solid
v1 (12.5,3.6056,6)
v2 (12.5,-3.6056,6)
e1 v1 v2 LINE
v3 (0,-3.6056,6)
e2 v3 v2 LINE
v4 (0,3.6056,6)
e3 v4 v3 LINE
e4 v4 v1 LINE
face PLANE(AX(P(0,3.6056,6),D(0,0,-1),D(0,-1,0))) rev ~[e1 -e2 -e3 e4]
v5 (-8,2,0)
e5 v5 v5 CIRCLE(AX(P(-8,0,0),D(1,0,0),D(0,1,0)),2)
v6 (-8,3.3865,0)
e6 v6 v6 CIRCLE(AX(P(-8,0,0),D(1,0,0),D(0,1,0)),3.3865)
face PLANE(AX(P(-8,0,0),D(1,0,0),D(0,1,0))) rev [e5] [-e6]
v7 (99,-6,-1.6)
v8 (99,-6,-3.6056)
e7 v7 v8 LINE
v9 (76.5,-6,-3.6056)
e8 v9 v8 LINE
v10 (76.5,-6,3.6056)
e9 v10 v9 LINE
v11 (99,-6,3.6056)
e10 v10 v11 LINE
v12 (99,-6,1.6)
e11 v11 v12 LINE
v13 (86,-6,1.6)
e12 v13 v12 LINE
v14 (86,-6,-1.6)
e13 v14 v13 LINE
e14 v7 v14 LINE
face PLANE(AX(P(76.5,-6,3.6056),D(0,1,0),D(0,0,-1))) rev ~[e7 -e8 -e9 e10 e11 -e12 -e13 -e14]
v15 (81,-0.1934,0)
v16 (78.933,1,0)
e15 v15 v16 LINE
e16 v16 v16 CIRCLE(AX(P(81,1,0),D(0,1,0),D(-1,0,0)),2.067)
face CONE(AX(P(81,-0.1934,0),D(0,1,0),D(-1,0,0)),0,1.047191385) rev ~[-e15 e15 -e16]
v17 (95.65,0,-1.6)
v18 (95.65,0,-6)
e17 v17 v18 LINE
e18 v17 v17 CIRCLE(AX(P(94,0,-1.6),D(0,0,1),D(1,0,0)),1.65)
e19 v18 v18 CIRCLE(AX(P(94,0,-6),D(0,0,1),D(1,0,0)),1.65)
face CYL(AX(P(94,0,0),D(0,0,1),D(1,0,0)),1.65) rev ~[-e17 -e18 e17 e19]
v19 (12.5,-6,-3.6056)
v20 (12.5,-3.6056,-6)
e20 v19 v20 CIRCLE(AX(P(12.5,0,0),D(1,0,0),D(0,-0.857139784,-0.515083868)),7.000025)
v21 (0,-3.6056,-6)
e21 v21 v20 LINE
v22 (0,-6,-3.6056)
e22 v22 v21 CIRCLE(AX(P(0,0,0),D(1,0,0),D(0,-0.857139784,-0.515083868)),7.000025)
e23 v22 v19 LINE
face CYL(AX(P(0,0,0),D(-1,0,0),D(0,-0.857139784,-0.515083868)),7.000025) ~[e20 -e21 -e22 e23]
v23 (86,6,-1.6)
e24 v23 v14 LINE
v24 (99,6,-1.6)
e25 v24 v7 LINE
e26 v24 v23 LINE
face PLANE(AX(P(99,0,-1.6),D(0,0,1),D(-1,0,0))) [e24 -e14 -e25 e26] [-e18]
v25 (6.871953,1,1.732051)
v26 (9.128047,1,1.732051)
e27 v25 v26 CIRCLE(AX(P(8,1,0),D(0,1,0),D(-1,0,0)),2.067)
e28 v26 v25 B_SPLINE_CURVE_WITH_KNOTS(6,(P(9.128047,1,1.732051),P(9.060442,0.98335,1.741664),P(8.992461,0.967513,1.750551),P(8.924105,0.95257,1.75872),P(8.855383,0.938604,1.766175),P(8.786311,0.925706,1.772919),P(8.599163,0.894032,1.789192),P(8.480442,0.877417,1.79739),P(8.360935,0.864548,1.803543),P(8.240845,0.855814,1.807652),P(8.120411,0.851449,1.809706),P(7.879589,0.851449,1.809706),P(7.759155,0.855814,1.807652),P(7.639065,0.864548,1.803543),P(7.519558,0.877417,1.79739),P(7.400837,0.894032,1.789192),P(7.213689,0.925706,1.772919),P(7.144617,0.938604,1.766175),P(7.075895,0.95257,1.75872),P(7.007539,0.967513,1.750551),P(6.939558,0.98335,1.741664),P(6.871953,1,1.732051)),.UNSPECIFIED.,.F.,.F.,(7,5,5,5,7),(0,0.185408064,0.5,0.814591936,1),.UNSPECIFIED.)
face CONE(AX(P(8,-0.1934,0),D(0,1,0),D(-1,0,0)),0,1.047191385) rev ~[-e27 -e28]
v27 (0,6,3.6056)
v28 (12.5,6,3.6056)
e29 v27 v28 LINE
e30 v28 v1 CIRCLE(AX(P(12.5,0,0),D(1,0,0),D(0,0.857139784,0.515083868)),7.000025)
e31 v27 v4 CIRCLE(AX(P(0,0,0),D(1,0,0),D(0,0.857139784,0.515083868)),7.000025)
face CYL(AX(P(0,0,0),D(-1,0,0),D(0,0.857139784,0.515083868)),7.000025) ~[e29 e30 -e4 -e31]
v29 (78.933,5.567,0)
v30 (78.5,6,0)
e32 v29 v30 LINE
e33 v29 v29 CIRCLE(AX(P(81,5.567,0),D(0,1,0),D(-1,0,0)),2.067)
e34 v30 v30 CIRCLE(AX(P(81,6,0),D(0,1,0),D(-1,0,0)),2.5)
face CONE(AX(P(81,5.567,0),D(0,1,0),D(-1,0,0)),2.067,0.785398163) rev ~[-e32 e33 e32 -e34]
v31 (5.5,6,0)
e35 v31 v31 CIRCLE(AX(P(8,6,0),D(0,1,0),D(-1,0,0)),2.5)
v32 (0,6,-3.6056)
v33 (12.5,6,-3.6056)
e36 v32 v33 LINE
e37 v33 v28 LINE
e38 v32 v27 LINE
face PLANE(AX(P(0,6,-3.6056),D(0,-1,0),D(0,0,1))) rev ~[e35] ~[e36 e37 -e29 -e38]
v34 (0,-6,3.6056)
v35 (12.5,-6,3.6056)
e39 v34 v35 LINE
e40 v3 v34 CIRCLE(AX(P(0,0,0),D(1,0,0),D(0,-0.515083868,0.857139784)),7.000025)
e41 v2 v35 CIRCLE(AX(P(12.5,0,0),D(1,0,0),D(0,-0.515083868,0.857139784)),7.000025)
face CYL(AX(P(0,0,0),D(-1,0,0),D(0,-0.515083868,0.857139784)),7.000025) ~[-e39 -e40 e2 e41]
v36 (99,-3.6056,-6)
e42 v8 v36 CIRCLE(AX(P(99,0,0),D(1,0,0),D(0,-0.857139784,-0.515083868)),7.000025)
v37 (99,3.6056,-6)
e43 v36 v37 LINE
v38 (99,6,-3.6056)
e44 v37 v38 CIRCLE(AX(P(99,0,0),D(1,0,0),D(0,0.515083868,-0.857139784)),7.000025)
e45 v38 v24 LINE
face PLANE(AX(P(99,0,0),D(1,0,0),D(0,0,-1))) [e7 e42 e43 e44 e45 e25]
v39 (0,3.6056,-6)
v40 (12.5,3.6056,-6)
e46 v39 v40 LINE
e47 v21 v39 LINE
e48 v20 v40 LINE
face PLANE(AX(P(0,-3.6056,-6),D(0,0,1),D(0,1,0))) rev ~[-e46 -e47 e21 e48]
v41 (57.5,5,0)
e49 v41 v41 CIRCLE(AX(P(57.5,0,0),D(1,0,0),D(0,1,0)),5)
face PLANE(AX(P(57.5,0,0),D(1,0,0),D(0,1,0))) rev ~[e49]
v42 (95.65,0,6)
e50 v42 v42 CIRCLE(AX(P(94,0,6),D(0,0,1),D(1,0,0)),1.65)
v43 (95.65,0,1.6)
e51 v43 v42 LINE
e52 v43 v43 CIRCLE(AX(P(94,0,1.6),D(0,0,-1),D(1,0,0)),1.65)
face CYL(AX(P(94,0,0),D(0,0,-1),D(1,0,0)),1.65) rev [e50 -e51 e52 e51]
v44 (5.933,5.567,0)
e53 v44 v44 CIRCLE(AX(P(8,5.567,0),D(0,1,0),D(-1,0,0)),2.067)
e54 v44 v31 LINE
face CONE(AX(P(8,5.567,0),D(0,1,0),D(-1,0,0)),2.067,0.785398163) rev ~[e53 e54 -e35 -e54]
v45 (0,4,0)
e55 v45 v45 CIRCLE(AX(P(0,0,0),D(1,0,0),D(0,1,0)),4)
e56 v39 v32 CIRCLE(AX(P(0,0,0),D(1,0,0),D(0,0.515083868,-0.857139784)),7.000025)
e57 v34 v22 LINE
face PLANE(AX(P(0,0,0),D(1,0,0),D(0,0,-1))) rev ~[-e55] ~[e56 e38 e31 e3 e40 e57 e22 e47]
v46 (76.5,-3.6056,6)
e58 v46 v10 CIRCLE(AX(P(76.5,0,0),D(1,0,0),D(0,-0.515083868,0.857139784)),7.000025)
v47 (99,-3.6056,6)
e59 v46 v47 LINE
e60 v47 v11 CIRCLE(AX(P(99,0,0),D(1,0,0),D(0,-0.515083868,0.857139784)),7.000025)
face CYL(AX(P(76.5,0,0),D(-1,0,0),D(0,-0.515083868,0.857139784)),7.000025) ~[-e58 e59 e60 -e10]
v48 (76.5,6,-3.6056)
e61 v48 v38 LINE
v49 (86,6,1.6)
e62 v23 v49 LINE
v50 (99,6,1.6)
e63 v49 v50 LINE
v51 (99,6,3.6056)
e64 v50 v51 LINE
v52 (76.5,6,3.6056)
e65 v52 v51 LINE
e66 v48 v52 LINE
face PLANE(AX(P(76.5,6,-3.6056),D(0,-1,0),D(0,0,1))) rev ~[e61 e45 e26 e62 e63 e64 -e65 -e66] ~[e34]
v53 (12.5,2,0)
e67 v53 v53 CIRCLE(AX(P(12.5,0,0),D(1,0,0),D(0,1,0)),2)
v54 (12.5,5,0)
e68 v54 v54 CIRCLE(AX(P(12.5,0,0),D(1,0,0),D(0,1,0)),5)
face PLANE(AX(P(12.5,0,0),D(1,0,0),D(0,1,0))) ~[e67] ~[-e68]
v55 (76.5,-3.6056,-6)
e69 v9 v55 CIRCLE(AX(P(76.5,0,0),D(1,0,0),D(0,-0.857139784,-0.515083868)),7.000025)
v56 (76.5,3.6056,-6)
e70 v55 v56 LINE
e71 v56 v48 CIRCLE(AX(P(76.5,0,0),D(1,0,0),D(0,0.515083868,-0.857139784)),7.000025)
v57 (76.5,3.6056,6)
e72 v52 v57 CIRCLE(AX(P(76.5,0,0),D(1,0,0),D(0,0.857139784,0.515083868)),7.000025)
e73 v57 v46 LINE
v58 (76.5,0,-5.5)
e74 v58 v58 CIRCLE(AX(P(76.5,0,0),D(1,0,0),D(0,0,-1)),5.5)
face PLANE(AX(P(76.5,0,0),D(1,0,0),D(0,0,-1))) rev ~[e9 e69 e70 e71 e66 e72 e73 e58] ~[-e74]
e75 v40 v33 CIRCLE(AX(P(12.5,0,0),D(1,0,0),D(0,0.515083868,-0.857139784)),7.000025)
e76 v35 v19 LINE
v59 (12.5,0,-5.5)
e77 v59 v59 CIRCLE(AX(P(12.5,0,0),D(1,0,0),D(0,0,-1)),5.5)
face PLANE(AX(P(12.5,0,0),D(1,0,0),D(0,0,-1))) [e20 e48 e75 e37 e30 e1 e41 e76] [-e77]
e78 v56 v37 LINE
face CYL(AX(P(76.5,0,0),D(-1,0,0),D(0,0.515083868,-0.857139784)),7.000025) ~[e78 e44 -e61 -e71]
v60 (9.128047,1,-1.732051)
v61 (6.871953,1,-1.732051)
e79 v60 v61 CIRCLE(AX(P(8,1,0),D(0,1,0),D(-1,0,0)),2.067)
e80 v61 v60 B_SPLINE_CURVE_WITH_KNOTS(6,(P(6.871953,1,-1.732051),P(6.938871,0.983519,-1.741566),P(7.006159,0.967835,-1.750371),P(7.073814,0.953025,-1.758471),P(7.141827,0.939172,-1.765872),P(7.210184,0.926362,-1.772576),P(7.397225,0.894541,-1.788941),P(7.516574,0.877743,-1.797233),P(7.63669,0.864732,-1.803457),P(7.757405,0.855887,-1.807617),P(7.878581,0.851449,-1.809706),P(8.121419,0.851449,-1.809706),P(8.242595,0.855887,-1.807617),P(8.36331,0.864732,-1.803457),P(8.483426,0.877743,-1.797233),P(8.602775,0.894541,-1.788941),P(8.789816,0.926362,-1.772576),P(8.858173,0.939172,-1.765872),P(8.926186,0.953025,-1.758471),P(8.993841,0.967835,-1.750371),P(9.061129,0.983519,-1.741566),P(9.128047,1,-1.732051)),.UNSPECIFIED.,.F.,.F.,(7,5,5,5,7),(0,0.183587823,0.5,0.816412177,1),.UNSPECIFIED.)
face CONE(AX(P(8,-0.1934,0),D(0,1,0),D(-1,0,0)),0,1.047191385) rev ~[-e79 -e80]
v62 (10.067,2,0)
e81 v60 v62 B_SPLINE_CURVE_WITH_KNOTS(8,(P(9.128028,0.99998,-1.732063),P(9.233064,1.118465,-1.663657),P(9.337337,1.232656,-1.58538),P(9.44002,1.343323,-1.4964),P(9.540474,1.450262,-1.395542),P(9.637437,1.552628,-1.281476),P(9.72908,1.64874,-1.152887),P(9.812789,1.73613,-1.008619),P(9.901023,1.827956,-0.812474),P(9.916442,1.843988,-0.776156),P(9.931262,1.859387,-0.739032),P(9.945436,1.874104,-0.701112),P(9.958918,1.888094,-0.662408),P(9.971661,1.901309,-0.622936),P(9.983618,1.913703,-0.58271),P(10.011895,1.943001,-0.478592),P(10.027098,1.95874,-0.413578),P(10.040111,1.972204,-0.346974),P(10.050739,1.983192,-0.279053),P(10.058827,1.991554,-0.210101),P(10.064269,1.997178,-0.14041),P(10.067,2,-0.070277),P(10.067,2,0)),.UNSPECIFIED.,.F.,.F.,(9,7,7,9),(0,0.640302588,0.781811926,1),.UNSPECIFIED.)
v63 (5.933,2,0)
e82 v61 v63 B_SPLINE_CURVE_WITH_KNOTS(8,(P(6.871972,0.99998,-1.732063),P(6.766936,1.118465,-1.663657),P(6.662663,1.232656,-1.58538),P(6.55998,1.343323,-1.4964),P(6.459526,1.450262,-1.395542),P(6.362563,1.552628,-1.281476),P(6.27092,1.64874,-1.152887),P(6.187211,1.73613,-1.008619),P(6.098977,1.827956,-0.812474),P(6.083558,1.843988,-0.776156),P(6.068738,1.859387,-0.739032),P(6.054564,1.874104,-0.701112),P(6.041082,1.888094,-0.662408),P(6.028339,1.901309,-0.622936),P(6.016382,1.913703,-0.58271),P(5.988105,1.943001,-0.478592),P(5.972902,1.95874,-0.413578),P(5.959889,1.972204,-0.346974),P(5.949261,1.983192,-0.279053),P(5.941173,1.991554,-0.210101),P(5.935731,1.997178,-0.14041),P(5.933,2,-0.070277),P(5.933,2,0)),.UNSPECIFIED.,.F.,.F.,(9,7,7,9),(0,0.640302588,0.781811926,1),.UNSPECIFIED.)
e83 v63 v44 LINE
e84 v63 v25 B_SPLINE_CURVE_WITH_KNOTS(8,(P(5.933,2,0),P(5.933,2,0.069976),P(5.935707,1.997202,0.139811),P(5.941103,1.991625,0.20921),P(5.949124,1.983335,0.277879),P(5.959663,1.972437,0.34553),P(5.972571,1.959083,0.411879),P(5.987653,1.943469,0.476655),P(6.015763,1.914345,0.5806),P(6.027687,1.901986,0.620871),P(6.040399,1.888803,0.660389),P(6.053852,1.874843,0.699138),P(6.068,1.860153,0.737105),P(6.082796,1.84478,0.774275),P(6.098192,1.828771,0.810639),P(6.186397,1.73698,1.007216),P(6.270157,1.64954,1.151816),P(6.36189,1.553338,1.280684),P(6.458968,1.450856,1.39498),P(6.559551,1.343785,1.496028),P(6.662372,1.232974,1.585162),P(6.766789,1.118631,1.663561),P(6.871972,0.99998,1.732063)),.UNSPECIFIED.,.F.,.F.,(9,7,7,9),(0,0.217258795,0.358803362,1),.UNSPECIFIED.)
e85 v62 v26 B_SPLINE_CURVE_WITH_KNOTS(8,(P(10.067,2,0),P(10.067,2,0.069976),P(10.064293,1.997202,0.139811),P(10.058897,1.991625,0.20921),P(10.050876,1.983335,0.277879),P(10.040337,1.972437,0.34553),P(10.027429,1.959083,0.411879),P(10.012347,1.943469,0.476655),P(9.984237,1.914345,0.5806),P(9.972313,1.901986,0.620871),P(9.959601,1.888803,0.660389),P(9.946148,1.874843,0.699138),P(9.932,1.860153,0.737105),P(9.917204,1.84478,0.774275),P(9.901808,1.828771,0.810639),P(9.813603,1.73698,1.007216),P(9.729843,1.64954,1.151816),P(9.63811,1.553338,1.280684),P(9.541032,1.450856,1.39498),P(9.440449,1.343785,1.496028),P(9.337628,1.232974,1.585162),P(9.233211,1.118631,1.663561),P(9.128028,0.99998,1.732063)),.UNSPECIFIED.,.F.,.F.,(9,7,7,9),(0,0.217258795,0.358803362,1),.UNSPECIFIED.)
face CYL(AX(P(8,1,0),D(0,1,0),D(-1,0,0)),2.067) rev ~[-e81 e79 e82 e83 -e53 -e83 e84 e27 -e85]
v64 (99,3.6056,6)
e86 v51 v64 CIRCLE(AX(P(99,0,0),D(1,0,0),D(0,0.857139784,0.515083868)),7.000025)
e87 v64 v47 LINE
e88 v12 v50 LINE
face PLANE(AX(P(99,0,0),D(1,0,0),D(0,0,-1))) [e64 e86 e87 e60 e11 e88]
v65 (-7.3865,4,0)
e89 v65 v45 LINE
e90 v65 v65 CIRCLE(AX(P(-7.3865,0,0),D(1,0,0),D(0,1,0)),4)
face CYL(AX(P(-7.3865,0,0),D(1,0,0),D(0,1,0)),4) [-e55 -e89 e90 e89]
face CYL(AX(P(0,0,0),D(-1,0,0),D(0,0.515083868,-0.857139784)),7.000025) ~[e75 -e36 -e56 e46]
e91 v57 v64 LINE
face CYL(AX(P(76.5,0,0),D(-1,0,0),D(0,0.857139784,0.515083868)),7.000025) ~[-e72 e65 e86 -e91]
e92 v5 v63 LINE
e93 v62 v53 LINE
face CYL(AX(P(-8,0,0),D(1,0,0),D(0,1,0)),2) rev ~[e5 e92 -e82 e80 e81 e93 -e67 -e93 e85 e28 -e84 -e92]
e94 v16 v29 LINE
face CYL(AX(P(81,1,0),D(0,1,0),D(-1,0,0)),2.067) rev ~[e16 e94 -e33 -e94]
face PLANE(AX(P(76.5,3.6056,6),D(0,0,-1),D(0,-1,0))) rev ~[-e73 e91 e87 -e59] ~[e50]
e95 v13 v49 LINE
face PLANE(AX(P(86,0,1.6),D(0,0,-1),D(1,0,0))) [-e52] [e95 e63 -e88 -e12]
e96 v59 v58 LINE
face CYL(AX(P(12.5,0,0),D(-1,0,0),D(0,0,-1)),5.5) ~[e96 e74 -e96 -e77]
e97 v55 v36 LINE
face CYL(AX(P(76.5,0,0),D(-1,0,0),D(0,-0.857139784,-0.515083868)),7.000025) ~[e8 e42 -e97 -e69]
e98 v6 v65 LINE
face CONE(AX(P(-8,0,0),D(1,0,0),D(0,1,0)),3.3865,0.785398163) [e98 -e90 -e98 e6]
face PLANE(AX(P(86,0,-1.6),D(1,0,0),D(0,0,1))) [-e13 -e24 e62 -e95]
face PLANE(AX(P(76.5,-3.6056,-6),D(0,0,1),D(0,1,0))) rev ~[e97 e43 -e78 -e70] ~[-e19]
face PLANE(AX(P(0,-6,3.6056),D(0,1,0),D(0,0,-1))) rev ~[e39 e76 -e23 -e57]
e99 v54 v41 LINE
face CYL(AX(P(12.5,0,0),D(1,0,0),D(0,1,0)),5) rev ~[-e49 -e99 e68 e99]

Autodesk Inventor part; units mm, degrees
sketch "Sketch_8" plane through (0, 0, 0) normal (0, 0, 1) x (1, 0, 0)
  line L0 (0, 0) -> (-8, 0)
  line L1 (-8, 0) -> (-8, 3.3865)
  line L2 (-8, 3.3865) -> (-7.3865, 4)
  line L3 (-7.3865, 4) -> (0, 4)
  line L4 (0, 4) -> (0, 0)
  line L5 (0, 0) -> (-8, 0)
revolve "Revolution1" add sketch "Sketch_8" angle 360 about axis through (0, 0, 0) along (1, 0, 0)
thread "Thread1" size "M8x1" class "6g" standard "ISO Metric profile" length 5.8865
sketch "Sketch_9" plane through (0, 0, 0) normal (1, 0, 0) x (0, 0, -1)
  line L0 (-6, 3.6056) -> (-6, -3.6056)
  arc A0 (-6, -3.6056) -> (-3.6056, -6) centre (0, 0) ccw
  line L1 (-3.6056, -6) -> (3.6056, -6)
  arc A1 (3.6056, -6) -> (6, -3.6056) centre (0, 0) ccw
  line L2 (6, -3.6056) -> (6, 3.6056)
  arc A2 (6, 3.6056) -> (3.6056, 6) centre (0, 0) ccw
  line L3 (3.6056, 6) -> (-3.6056, 6)
  arc A3 (-3.6056, 6) -> (-6, 3.6056) centre (0, 0) ccw
extrude "Extrusion1" add sketch "Sketch_9" along normal blind 12.5
sketch "Sketch_6" plane through (12.5, 0, 0) normal (1, 0, 0) x (0, 0, -1)
  circle A0 centre (0, 0) radius 5.5
extrude "Extrusion2" add sketch "Sketch_6" along normal blind 64
sketch "Sketch_10" plane through (76.5, 0, 0) normal (1, 0, 0) x (0, 0, -1)
  line L0 (-6, 3.6056) -> (-6, -3.6056)
  arc A0 (-6, -3.6056) -> (-3.6056, -6) centre (0, 0) ccw
  line L1 (-3.6056, -6) -> (3.6056, -6)
  arc A1 (3.6056, -6) -> (6, -3.6056) centre (0, 0) ccw
  line L2 (6, -3.6056) -> (6, 3.6056)
  arc A2 (6, 3.6056) -> (3.6056, 6) centre (0, 0) ccw
  line L3 (3.6056, 6) -> (-3.6056, 6)
  arc A3 (-3.6056, 6) -> (-6, 3.6056) centre (0, 0) ccw
extrude "Extrusion3" add sketch "Sketch_10" along normal blind 22.5
sketch "Sketch7" plane through (0, 0, 0) normal (0, 0, 1) x (1, 0, 0)
  line L0 (8, 6) -> (8, 1)
  line L1 (8, -0.1934) -> (5.933, 1)
  line L2 (5.933, 1) -> (5.933, 5.567)
  line L3 (5.933, 5.567) -> (5.5, 6)
  line L4 (5.5, 6) -> (8, 6)
  line L5 (8, 6) -> (8, -0.1934)
revolve "Revolution2" cut sketch "Sketch7" angle 360 about axis through (8, 6, 0) along (0, 1, 0)
thread "Thread2" size "M5x0.8" class "6H" standard "ISO Metric profile" full length
sketch "Sketch_7" plane through (0, 0, 0) normal (0, 0, 1) x (1, 0, 0)
  line L0 (81, 6) -> (81, 1)
  line L1 (81, -0.1934) -> (78.933, 1)
  line L2 (78.933, 1) -> (78.933, 5.567)
  line L3 (78.933, 5.567) -> (78.5, 6)
  line L4 (78.5, 6) -> (81, 6)
  line L5 (81, 6) -> (81, -0.1934)
revolve "Revolution3" cut sketch "Sketch_7" angle 360 about axis through (81, 6, 0) along (0, 1, 0)
thread "Thread3" size "M5x0.8" class "6H" standard "ISO Metric profile" full length
sketch "Sketch_16" plane through (0, 0, 0) normal (0, 0, 1) x (1, 0, 0)
  line L0 (57.5, 0) -> (-8, 0)
  line L1 (-8, 0) -> (-8, 2)
  line L2 (-8, 2) -> (12.5, 2)
  line L3 (12.5, 2) -> (12.5, 5)
  line L4 (12.5, 5) -> (57.5, 5)
  line L5 (57.5, 5) -> (57.5, 0)
  line L6 (57.5, 0) -> (-8, 0)
revolve "Revolution4" cut sketch "Sketch_16" angle 360 about axis through (57.5, 0, 0) along (1, 0, 0)
sketch "Sketch_3" plane through (0, 0, 0) normal (0, 1, 0) x (-1, 0, 0)
  line L0 (-86, 1.6) -> (-99, 1.6)
  line L1 (-99, 1.6) -> (-99, -1.6)
  line L2 (-99, -1.6) -> (-86, -1.6)
  line L3 (-86, -1.6) -> (-86, 1.6)
extrude "Extrusion4" cut sketch "Sketch_3" along normal mid plane 12
sketch "Sketch_13" plane through (0, 0, 0) normal (0, 0, 1) x (1, 0, 0)
  circle A0 centre (94, 0) radius 1.65
extrude "Extrusion5" cut sketch "Sketch_13" along normal mid plane 12
ref_plane "BODY_N_XY" through (94, 0, 0) normal (0, 0, -1) x (1, 0, 0)
ref_plane "BODY_N_YZ" through (94, 0, 0) normal (1, 0, 0) x (0, -1, 0)
ref_plane "BODY_N_ZX" through (94, 0, 0) normal (0, -1, 0) x (0, 0, -1)
ref_plane "BODY_PIN_XY" through (94, 0, 0) normal (-1, 0, 0) x (0, 0, -1)
ref_plane "BODY_PIN_YZ" through (94, 0, 0) normal (0, 0, -1) x (0, -1, 0)
ref_plane "BODY_PIN_ZX" through (94, 0, 0) normal (0, -1, 0) x (-1, 0, 0)
ref_plane "NUT2_XY" through (86, 0, 0) normal (1, 0, 0) x (0, 0, -1)
ref_plane "NUT2_YZ" through (86, 0, 0) normal (0, 0, -1) x (0, 1, 0)
ref_plane "NUT2_ZX" through (86, 0, 0) normal (0, 1, 0) x (1, 0, 0)
ref_plane "SW1_XY" through (17, 0, 0) normal (1, 0, 0) x (0, 0, -1)
ref_plane "SW1_YZ" through (17, 0, 0) normal (0, 0, -1) x (0, 1, 0)
ref_plane "SW1_ZX" through (17, 0, 0) normal (0, 1, 0) x (1, 0, 0)
ref_plane "SW2_XY" through (72, 0, 0) normal (-1, 0, 0) x (0, 0, -1)
ref_plane "SW2_YZ" through (72, 0, 0) normal (0, 0, -1) x (0, -1, 0)
ref_plane "SW2_ZX" through (72, 0, 0) normal (0, -1, 0) x (-1, 0, 0)
ref_plane "SW_R1_XY" through (17, -11, 0) normal (1, 0, 0) x (0, 0, -1)
ref_plane "SW_R1_YZ" through (17, -11, 0) normal (0, 0, -1) x (0, 1, 0)
ref_plane "SW_R1_ZX" through (17, -11, 0) normal (0, 1, 0) x (1, 0, 0)
ref_plane "SW_R2_XY" through (72, -11, 0) normal (-1, 0, 0) x (0, 0, -1)
ref_plane "SW_R2_YZ" through (72, -11, 0) normal (0, 0, -1) x (0, -1, 0)
ref_plane "SW_R2_ZX" through (72, -11, 0) normal (0, -1, 0) x (-1, 0, 0)
ref_plane "body_XY" through (0, 0, 0) normal (-1, 0, 0) x (0, 0, -1)
ref_plane "body_YZ" through (0, 0, 0) normal (0, 0, -1) x (0, -1, 0)
ref_plane "body_ZX" through (0, 0, 0) normal (0, -1, 0) x (-1, 0, 0)
properties part number "CJ2D10-40Z(1_0)_BODY"
